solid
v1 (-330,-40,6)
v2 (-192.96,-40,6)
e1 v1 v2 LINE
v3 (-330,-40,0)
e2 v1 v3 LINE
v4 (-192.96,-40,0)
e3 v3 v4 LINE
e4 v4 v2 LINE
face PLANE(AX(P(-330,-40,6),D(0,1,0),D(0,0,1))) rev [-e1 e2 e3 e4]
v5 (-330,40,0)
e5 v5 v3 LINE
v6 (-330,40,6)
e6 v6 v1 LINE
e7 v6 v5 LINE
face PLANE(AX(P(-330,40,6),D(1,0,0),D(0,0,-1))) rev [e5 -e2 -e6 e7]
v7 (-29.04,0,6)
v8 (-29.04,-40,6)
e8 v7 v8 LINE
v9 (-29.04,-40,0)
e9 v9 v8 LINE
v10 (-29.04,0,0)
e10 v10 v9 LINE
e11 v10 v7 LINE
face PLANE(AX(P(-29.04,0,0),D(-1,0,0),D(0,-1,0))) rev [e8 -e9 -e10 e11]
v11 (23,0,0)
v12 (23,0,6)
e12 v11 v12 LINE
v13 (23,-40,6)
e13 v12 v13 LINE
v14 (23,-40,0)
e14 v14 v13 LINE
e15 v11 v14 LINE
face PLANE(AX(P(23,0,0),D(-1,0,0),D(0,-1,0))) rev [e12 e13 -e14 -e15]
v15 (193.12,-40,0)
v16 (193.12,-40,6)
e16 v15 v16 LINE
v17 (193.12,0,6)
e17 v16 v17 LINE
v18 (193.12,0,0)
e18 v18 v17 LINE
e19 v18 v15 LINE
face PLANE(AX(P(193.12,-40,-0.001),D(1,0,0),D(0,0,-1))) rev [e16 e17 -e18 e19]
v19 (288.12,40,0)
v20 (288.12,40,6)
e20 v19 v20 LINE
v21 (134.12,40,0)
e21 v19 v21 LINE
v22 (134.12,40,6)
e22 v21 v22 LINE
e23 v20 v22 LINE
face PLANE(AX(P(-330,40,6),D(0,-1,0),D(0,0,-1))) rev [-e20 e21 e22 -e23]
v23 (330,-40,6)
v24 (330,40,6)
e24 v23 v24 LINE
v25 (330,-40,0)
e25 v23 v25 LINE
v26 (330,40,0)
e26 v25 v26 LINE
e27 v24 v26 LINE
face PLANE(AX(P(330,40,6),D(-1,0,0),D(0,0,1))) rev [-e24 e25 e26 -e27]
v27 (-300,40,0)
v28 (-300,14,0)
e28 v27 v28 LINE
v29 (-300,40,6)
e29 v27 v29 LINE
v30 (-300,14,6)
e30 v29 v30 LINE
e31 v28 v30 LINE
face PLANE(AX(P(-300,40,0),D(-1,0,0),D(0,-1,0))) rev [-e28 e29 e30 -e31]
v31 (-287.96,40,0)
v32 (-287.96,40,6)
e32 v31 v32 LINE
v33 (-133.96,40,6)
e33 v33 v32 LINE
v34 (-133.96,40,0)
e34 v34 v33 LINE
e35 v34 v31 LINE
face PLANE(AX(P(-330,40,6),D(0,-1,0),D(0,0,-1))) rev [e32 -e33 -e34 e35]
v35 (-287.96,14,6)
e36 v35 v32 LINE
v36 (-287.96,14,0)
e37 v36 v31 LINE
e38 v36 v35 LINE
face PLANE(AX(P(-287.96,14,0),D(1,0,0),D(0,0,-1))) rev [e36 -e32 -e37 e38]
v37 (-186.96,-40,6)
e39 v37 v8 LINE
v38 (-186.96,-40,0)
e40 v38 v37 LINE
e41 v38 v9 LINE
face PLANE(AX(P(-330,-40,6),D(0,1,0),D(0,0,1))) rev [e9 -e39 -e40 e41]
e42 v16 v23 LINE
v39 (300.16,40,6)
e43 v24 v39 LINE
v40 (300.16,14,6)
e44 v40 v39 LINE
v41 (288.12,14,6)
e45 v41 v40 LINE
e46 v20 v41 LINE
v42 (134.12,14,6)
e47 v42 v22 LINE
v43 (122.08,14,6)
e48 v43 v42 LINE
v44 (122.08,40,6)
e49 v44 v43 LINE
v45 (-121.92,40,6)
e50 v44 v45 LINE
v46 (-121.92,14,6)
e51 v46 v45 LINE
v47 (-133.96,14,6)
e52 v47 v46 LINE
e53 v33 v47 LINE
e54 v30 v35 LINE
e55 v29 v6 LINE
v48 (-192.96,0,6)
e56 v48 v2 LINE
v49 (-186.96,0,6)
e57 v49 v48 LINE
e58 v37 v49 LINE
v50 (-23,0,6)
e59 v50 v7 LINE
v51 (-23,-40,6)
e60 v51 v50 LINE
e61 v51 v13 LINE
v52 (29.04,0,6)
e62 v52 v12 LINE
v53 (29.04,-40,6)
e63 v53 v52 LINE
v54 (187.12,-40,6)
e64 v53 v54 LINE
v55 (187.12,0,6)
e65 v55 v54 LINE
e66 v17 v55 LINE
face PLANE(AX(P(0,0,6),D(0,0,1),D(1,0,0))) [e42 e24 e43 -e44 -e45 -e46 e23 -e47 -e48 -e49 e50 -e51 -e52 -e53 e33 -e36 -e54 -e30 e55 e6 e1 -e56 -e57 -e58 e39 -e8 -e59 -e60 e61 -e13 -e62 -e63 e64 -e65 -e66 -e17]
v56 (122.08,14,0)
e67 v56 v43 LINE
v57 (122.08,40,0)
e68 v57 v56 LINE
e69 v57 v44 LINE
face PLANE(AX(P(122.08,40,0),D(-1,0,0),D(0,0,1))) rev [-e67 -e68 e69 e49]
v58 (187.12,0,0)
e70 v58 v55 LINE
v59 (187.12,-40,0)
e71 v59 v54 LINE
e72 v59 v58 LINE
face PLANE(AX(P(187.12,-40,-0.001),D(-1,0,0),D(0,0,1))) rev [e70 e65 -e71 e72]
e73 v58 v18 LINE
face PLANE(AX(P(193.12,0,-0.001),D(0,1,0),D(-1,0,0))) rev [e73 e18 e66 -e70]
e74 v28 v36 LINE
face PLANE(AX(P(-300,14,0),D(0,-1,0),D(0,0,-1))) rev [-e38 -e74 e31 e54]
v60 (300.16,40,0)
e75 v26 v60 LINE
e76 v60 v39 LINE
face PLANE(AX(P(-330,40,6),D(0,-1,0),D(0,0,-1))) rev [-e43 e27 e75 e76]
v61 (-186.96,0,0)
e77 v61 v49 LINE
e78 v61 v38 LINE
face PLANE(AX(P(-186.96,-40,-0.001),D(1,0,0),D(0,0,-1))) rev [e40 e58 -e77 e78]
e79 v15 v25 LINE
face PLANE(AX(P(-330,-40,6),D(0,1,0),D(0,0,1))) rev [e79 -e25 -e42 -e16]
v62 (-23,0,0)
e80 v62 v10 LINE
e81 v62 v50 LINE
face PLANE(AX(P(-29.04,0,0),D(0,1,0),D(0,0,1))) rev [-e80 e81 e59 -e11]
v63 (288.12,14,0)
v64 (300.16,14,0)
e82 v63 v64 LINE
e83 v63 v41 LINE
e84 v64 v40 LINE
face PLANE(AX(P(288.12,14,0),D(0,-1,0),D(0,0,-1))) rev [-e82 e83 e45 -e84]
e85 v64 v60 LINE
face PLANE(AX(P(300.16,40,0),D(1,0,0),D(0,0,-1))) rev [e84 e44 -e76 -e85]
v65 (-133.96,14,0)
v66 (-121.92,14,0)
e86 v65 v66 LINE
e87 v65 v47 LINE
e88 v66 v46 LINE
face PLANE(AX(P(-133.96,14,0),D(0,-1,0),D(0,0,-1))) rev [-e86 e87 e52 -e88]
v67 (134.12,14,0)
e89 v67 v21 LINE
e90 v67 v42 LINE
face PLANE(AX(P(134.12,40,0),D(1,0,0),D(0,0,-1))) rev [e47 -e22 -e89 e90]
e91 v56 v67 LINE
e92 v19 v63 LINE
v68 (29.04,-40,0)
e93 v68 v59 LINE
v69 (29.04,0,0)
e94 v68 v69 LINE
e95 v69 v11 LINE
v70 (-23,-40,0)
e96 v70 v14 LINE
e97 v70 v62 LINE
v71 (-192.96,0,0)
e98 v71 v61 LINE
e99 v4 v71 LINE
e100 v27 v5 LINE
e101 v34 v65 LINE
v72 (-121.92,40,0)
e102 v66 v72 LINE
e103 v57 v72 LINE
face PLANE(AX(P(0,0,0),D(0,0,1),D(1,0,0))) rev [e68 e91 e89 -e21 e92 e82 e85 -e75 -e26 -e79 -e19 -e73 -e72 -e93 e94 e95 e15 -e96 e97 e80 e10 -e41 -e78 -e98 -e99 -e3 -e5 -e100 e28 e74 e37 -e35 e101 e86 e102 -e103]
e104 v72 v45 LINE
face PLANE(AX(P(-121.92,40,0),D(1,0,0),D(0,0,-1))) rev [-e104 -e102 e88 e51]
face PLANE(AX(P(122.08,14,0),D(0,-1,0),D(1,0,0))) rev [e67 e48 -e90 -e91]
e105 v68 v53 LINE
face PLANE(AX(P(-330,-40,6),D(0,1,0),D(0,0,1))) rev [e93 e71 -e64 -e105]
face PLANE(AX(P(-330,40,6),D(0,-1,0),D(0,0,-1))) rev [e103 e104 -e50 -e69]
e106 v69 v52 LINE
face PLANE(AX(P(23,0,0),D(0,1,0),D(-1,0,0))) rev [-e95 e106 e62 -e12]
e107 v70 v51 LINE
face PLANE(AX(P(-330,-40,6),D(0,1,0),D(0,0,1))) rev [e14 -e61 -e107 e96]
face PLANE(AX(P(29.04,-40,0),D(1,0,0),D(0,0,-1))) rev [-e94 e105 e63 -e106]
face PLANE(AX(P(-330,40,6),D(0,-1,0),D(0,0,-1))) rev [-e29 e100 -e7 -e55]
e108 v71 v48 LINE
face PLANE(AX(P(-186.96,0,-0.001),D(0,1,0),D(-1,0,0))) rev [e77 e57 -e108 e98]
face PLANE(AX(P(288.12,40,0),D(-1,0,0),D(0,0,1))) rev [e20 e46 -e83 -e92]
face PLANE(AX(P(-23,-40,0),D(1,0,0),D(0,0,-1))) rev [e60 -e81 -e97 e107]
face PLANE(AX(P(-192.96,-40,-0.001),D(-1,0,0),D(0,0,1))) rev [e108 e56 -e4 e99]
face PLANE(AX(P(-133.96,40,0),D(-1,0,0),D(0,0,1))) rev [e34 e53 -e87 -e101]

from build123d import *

# Parameters (mm, degrees)
SKETCH1_W           = 660
SKETCH1_H           = 80
BOSS_EXTRUDE1_DEPTH = 6
SKETCH2_W           = 12.04
SKETCH2_H           = 26
CUT_EXTRUDE1_DEPTH  = 333.469547478
SKETCH3_W           = 6.04
SKETCH3_H           = 40
CUT_EXTRUDE2_DEPTH  = 333.469547478
CUT_EXTRUDE3_REACH  = 334.47
SKETCH4_W           = 6
SKETCH4_H           = 40


with BuildPart() as part:
    # Sketch1 → Boss-Extrude1 (new body)
    with BuildSketch(Plane.XY):
        Rectangle(SKETCH1_W, SKETCH1_H)
    extrude(amount=BOSS_EXTRUDE1_DEPTH)

    # Sketch2 → Cut-Extrude1 (cut, through all)
    with BuildSketch(Plane.XY.offset(6)):
        with Locations((-293.98, 27)):
            Rectangle(SKETCH2_W, SKETCH2_H)
        with Locations((-127.94, 27)):
            Rectangle(SKETCH2_W, SKETCH2_H)
        with Locations((128.1, 27)):
            Rectangle(SKETCH2_W, SKETCH2_H)
        with Locations((294.14, 27)):
            Rectangle(SKETCH2_W, SKETCH2_H)
    extrude(amount=-CUT_EXTRUDE1_DEPTH, mode=Mode.SUBTRACT)

    # Sketch3 → Cut-Extrude2 (cut, through all)
    with BuildSketch(Plane.XY.offset(6)):
        with Locations((-26.02, -20)):
            Rectangle(SKETCH3_W, SKETCH3_H)
        with Locations((26.02, -20)):
            Rectangle(SKETCH3_W, SKETCH3_H)
    extrude(amount=-CUT_EXTRUDE2_DEPTH, mode=Mode.SUBTRACT)

    # Sketch4 → Cut-Extrude3 (cut, up to next)
    with BuildSketch(Plane.XY.offset(6), mode=Mode.PRIVATE) as cut_extrude3_sk1:
        with Locations((-189.96, -20)):
            Rectangle(SKETCH4_W, SKETCH4_H)
    cut_extrude3_tool1 = extrude(cut_extrude3_sk1.sketch, amount=-CUT_EXTRUDE3_REACH, mode=Mode.PRIVATE) & part.part
    # Sketch4 → Cut-Extrude3 (cut, up to next)
    with BuildSketch(Plane.XY.offset(6), mode=Mode.PRIVATE) as cut_extrude3_sk2:
        with Locations((190.12, -20)):
            Rectangle(SKETCH4_W, SKETCH4_H)
    cut_extrude3_tool2 = extrude(cut_extrude3_sk2.sketch, amount=-CUT_EXTRUDE3_REACH, mode=Mode.PRIVATE) & part.part
    add(cut_extrude3_tool1.solids().sort_by_distance((-189.96, -20, 6))[0], mode=Mode.SUBTRACT)
    add(cut_extrude3_tool2.solids().sort_by_distance((190.12, -20, 6))[0], mode=Mode.SUBTRACT)


solid = part.part
